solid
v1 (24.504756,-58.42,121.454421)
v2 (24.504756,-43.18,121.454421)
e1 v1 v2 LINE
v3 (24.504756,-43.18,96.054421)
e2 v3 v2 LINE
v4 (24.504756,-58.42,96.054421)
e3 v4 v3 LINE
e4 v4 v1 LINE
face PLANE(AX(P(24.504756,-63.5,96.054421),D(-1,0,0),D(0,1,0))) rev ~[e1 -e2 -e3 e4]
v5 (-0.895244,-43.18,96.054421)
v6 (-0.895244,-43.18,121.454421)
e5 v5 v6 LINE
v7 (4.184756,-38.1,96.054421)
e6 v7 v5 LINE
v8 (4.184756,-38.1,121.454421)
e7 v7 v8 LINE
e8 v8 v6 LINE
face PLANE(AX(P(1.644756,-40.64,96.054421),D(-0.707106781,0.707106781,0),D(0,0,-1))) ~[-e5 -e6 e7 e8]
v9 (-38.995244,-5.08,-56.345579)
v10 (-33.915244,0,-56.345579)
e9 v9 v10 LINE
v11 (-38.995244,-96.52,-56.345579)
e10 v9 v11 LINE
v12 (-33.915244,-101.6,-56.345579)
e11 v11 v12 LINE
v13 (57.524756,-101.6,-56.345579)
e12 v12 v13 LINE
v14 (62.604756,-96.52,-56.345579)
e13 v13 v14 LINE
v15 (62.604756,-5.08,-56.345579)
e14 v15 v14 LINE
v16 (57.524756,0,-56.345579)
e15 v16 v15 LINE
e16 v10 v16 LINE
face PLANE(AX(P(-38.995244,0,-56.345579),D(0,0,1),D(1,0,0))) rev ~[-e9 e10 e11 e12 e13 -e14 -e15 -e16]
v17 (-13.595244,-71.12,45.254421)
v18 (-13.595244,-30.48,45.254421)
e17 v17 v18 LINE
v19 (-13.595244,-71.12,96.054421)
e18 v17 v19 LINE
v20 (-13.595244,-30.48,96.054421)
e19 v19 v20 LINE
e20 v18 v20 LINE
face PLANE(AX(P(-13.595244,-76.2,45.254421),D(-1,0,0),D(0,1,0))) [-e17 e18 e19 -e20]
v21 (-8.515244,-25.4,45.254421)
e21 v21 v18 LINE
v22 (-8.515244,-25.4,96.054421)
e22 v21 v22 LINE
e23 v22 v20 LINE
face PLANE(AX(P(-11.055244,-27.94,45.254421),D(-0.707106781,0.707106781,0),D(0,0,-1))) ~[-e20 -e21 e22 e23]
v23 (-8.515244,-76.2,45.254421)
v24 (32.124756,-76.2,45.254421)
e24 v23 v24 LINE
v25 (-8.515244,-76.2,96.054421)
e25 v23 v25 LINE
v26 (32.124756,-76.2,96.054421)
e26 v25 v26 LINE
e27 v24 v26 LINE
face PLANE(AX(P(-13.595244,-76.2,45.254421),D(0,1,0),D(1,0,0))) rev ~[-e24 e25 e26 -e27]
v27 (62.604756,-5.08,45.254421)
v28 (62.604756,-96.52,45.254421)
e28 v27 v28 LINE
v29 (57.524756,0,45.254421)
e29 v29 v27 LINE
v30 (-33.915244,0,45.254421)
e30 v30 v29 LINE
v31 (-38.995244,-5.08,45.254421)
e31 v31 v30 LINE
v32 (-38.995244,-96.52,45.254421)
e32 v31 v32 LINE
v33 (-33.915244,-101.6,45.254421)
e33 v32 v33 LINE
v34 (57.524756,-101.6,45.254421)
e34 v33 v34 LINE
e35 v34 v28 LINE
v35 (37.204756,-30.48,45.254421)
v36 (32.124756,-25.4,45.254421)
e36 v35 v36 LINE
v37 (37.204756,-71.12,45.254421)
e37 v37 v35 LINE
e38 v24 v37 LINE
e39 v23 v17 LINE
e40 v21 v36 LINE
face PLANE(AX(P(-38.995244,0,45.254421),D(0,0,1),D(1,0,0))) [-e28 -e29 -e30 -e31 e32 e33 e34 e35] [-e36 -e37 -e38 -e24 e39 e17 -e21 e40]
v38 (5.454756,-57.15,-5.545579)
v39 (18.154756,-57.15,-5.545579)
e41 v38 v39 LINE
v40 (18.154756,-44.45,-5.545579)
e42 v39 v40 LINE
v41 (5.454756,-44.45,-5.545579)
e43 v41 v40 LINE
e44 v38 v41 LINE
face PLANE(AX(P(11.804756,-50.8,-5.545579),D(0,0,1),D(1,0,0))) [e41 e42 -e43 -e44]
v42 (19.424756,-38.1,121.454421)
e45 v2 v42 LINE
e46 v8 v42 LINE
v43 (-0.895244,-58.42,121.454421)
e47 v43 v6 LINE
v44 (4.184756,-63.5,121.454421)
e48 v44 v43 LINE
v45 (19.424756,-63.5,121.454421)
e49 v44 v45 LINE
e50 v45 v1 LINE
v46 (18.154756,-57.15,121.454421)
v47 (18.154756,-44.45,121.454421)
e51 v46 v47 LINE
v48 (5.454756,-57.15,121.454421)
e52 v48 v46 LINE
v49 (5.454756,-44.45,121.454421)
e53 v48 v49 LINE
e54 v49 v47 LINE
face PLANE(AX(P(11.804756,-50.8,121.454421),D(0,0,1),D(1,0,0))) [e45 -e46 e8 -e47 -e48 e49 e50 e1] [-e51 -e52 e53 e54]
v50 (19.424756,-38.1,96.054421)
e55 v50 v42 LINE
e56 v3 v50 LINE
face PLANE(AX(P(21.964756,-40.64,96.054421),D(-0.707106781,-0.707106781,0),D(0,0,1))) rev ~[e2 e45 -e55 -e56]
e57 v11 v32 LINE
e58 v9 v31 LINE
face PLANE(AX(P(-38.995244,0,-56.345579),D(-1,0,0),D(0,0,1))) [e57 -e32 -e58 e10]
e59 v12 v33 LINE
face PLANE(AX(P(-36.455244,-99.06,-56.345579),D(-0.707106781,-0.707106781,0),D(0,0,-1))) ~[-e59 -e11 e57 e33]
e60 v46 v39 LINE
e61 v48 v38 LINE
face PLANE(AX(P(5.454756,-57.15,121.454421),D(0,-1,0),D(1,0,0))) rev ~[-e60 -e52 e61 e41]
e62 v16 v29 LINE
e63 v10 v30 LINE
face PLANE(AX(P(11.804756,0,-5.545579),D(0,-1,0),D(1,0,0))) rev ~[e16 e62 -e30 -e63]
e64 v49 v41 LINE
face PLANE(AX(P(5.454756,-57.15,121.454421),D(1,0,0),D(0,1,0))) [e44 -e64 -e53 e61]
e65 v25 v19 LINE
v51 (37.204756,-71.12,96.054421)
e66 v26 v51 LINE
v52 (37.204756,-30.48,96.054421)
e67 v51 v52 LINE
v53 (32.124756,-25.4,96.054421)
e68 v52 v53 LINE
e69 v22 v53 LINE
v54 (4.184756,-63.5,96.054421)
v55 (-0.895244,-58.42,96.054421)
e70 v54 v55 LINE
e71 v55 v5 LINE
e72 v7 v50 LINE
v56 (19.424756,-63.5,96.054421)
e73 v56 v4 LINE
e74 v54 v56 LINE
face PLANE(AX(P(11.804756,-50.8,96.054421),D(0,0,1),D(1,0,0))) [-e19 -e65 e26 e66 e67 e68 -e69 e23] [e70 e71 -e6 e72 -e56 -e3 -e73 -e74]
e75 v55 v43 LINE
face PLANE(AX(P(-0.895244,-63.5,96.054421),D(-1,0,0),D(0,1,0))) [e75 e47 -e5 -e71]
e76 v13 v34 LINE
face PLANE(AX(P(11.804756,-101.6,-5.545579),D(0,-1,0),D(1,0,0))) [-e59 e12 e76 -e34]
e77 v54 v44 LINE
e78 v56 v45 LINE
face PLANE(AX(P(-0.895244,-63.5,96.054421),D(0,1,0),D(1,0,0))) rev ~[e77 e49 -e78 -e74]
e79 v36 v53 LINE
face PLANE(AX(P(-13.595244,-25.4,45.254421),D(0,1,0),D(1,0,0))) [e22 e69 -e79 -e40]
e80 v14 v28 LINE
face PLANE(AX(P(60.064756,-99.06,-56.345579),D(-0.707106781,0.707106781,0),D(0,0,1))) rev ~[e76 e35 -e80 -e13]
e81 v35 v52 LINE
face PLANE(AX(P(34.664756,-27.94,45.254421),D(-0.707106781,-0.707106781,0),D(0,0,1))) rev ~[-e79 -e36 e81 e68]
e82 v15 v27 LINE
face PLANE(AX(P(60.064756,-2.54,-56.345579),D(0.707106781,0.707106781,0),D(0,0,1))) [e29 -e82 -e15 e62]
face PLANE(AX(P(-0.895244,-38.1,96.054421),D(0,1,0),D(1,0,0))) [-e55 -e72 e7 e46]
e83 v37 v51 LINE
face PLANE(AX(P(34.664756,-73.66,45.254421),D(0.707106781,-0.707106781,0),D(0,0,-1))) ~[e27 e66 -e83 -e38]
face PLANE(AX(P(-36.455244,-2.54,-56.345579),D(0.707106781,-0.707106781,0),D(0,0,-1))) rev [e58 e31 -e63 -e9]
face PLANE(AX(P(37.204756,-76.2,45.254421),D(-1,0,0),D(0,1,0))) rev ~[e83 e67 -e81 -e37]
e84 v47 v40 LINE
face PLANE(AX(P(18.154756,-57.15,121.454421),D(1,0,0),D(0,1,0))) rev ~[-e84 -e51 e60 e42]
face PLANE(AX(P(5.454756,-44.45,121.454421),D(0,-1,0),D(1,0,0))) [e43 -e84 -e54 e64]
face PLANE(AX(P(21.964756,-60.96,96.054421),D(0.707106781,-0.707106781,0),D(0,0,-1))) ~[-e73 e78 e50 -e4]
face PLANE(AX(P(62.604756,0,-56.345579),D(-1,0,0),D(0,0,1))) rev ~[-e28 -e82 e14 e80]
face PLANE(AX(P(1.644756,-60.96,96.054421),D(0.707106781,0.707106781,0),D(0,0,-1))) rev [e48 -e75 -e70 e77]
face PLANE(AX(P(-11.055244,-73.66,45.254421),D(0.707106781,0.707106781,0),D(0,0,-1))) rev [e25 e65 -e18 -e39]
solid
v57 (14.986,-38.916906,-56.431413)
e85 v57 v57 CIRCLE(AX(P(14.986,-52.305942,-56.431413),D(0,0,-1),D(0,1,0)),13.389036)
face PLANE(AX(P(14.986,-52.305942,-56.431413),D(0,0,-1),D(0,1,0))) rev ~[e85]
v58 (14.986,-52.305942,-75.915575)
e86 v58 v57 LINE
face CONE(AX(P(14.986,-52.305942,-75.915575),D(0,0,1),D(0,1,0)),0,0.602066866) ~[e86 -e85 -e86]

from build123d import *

# Parameters (mm, degrees)
F0_W     = 101.6
F0_H     = 101.6
F1_DEPTH = 101.6
F2_W     = 50.8
F2_H     = 50.8
F3_DEPTH = 50.8
F4_W     = 25.4
F4_H     = 25.4
F5_DEPTH = 25.4
F6_W     = 12.7
F6_H     = 12.7
F7_DEPTH = 127
F8_SIZE  = 5.08
F9_SIZE  = 5.08


with BuildPart() as f1:
    # F0 (on Front) → F1 (new body)
    with BuildSketch(Plane.XZ):
        with Locations((11.804756, -5.545579)):
            Rectangle(F0_W, F0_H)
    extrude(amount=F1_DEPTH)

    # F2 (on face) → F3 (join)
    with BuildSketch(Plane.XY.offset(45.254421)):
        with Locations((11.804756, -50.8)):
            Rectangle(F2_W, F2_H)
    extrude(amount=F3_DEPTH)

    # F4 (on face) → F5 (join)
    with BuildSketch(Plane.XY.offset(96.054421)):
        with Locations((11.804756, -50.8)):
            Rectangle(F4_W, F4_H)
    extrude(amount=F5_DEPTH)

    # F6 (on face) → F7 (cut)
    with BuildSketch(Plane.XY.offset(121.454421)):
        with Locations((11.804756, -50.8)):
            Rectangle(F6_W, F6_H)
    extrude(amount=-F7_DEPTH, mode=Mode.SUBTRACT)

    # F8
    f8_edges = [f1.edges().sort_by_distance(p)[0] for p in [
        (-38.995244, 0, -5.545579),
        (62.604756, 0, -5.545579),
        (62.604756, -101.6, -5.545579),
        (-38.995244, -101.6, -5.545579),
    ]]
    chamfer(f8_edges, length=F8_SIZE)

    # F9
    f9_edges = [f1.edges().sort_by_distance(p)[0] for p in [
        (37.204756, -76.2, 70.654421),
        (37.204756, -25.4, 70.654421),
        (-13.595244, -25.4, 70.654421),
        (-13.595244, -76.2, 70.654421),
        (-0.895244, -63.5, 108.754421),
        (-0.895244, -38.1, 108.754421),
        (24.504756, -63.5, 108.754421),
        (24.504756, -38.1, 108.754421),
    ]]
    chamfer(f9_edges, length=F9_SIZE)


with BuildPart() as f11:
    # F10 (on Right) → F11 (revolve)
    with BuildSketch(Plane.YZ):
        Polygon((-52.632906, -56.431413), (-66.021942, -56.431413), (-66.021942, -75.915575), align=None)
    revolve(axis=Axis((0, -66.021942, -66.173494), (0, 0, -1)))


with BuildPart() as f11_1:
    # F12: moved
    add(f11.part.moved(Location((14.986, 13.716, 0))))


solid = Compound([f1.part, f11_1.part])
